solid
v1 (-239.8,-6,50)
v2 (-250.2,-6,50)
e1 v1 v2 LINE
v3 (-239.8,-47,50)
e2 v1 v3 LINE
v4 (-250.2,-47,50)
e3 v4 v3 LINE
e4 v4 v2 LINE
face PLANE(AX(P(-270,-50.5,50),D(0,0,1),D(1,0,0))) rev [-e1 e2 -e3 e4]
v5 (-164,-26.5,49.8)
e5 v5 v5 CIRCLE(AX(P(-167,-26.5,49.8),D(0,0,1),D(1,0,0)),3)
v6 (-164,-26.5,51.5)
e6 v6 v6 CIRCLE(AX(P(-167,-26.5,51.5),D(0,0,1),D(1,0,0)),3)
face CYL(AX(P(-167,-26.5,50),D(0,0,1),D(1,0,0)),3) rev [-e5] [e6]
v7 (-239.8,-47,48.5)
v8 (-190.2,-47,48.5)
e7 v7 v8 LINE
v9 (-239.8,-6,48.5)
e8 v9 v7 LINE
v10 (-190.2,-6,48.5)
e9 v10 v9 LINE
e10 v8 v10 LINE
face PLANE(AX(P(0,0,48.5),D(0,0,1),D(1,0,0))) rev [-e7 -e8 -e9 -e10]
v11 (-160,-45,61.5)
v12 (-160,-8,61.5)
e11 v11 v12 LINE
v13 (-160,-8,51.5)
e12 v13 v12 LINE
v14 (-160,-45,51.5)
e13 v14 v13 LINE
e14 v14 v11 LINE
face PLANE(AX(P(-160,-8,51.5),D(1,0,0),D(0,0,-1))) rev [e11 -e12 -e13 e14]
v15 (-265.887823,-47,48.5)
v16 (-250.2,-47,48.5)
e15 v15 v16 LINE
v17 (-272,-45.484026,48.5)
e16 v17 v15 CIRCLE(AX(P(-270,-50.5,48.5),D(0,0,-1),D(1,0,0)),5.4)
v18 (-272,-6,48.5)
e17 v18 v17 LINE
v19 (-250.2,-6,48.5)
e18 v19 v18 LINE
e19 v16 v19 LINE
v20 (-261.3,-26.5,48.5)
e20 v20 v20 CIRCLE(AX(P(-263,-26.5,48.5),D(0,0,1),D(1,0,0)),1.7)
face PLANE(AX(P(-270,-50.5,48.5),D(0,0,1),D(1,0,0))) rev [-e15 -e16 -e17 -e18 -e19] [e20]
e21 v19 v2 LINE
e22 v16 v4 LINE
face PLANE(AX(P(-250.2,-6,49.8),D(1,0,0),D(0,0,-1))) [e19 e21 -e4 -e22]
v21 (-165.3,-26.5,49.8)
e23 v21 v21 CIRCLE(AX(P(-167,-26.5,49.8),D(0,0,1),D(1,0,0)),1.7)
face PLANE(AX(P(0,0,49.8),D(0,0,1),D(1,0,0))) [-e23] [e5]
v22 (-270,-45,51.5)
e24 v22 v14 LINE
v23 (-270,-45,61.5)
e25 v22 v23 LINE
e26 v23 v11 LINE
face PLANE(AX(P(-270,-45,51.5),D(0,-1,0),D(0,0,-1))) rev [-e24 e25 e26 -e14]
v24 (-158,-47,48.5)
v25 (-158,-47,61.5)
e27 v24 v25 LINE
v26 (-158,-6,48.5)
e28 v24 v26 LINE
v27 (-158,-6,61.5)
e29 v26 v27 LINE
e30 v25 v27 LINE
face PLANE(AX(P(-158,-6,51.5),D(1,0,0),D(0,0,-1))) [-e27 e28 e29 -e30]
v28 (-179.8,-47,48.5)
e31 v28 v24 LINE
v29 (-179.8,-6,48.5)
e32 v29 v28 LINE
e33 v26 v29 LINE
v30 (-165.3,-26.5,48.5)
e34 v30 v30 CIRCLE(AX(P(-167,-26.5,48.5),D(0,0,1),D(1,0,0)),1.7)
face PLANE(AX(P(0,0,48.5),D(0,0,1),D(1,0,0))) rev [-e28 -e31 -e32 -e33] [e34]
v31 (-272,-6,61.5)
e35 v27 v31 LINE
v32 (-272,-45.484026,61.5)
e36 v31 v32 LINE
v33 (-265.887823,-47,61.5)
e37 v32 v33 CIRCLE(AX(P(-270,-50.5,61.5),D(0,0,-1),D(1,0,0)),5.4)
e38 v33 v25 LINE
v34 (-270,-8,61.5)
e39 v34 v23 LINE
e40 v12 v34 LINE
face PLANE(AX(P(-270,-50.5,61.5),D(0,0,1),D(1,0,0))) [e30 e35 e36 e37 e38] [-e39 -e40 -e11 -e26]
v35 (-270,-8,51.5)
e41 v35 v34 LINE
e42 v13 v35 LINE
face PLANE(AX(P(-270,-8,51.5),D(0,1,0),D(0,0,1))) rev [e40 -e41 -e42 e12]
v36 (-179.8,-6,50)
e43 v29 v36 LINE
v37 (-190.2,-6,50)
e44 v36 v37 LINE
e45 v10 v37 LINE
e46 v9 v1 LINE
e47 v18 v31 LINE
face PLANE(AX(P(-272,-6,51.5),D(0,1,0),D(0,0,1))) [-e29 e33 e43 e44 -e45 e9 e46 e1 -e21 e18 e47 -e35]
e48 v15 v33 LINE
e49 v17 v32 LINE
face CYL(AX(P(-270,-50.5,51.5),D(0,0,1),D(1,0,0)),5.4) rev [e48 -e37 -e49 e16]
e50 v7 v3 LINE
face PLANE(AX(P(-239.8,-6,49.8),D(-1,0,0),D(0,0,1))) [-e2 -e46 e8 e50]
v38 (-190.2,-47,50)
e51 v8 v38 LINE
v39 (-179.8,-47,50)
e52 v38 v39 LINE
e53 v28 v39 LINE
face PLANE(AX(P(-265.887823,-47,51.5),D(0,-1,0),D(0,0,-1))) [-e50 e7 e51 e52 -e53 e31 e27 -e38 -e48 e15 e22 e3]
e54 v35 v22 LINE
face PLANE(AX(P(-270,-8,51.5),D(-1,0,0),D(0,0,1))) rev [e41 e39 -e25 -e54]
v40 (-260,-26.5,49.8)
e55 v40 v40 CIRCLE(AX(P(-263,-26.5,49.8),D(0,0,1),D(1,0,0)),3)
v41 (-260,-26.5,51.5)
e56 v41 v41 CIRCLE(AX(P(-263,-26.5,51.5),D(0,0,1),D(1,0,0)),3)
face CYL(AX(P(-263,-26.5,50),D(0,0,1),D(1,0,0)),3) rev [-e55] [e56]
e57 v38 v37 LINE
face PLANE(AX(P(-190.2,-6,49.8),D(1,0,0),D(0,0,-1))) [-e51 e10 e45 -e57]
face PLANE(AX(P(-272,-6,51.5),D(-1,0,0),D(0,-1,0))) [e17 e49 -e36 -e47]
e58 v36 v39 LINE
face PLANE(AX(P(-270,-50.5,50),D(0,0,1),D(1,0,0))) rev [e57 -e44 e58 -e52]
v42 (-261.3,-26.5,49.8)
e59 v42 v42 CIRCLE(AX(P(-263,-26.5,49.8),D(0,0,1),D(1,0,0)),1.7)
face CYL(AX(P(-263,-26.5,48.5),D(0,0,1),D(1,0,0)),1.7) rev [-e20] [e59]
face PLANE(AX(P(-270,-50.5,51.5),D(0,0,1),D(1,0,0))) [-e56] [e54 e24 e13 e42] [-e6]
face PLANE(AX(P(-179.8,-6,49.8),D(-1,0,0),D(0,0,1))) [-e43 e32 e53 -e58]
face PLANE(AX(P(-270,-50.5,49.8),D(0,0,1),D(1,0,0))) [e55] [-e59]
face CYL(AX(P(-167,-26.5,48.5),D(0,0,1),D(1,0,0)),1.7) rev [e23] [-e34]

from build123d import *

# Parameters (mm, degrees)
MAIN_PROFILE_SKETCH_W       = 110
MAIN_PROFILE_SKETCH_H       = 37
MAIN_EXTRUSION_DEPTH        = 10
DETAIL_PROFILE_2_SKETCH_R   = 3
DETAIL_EXTRUSION_2_DEPTH    = 1.5
DETAIL_PROFILE_3_SKETCH_R   = 3
DETAIL_PROFILE_3_SKETCH_W   = 21.8
DETAIL_PROFILE_3_SKETCH_H   = 41
DETAIL_PROFILE_3_SKETCH_W_2 = 49.6
DETAIL_EXTRUSION_3_DEPTH    = 0.2
DETAIL_PROFILE_4_SKETCH_R   = 1.7
DETAIL_PROFILE_4_SKETCH_W   = 49.6
DETAIL_PROFILE_4_SKETCH_H   = 41
DETAIL_PROFILE_4_SKETCH_W_2 = 21.8
DETAIL_EXTRUSION_4_DEPTH    = 1.3


with BuildPart() as part:
    # Main Profile Sketch → Main Extrusion (new body)
    with BuildSketch(Plane.XY.offset(61.5)):
        with BuildLine():
            Line((-272, -6), (-158, -6))
            Line((-158, -6), (-158, -47))
            Line((-158, -47), (-265.887822961, -47))
            ThreePointArc((-265.887822961, -47), (-268.700050917, -45.258804298), (-272, -45.484025518))
            Line((-272, -45.484025518), (-272, -6))
        make_face()
        with Locations((-215, -26.5)):
            Rectangle(MAIN_PROFILE_SKETCH_W, MAIN_PROFILE_SKETCH_H, mode=Mode.SUBTRACT)
    extrude(amount=-MAIN_EXTRUSION_DEPTH)

    # Detail Profile 2 Sketch → Detail Extrusion 2 (add)
    with BuildSketch(Plane.XY.offset(51.5)):
        with BuildLine():
            Line((-272, -6), (-158, -6))
            Line((-158, -6), (-158, -47))
            Line((-158, -47), (-265.887822961, -47))
            ThreePointArc((-265.887822961, -47), (-268.700050917, -45.258804298), (-272, -45.484025518))
            Line((-272, -45.484025518), (-272, -6))
        make_face()
        with Locations((-263, -26.5)):
            Circle(DETAIL_PROFILE_2_SKETCH_R, mode=Mode.SUBTRACT)
        with Locations((-167, -26.5)):
            Circle(DETAIL_PROFILE_2_SKETCH_R, mode=Mode.SUBTRACT)
    extrude(amount=-DETAIL_EXTRUSION_2_DEPTH)

    # Detail Profile 3 Sketch → Detail Extrusion 3 (add)
    # profile 1 of 3: a face of its own
    with BuildSketch(Plane.XY.offset(50)):
        with BuildLine():
            Line((-272, -6), (-250.2, -6))
            Line((-250.2, -6), (-250.2, -47))
            Line((-250.2, -47), (-265.887822961, -47))
            ThreePointArc((-265.887822961, -47), (-268.700050917, -45.258804298), (-272, -45.484025518))
            Line((-272, -45.484025518), (-272, -6))
        make_face()
        with Locations((-263, -26.5)):
            Circle(DETAIL_PROFILE_3_SKETCH_R, mode=Mode.SUBTRACT)
    # profile 2 of 3: a face of its own
    with BuildSketch(Plane.XY.offset(50)):
        with Locations((-168.9, -26.5)):
            Rectangle(DETAIL_PROFILE_3_SKETCH_W, DETAIL_PROFILE_3_SKETCH_H)
        with Locations((-167, -26.5)):
            Circle(DETAIL_PROFILE_3_SKETCH_R, mode=Mode.SUBTRACT)
    # profile 3 of 3: a face of its own
    with BuildSketch(Plane.XY.offset(50)):
        with Locations((-215, -26.5)):
            Rectangle(DETAIL_PROFILE_3_SKETCH_W_2, DETAIL_PROFILE_3_SKETCH_H)
    extrude(amount=-DETAIL_EXTRUSION_3_DEPTH)

    # Detail Profile 4 Sketch → Detail Extrusion 4 (add)
    # profile 1 of 3: a face of its own
    with BuildSketch(Plane.XY.offset(49.8)):
        with BuildLine():
            Line((-272, -6), (-250.2, -6))
            Line((-250.2, -6), (-250.2, -47))
            Line((-250.2, -47), (-265.887822961, -47))
            ThreePointArc((-265.887822961, -47), (-268.700050917, -45.258804298), (-272, -45.484025518))
            Line((-272, -45.484025518), (-272, -6))
        make_face()
        with Locations((-263, -26.5)):
            Circle(DETAIL_PROFILE_4_SKETCH_R, mode=Mode.SUBTRACT)
    # profile 2 of 3: a face of its own
    with BuildSketch(Plane.XY.offset(49.8)):
        with Locations((-215, -26.5)):
            Rectangle(DETAIL_PROFILE_4_SKETCH_W, DETAIL_PROFILE_4_SKETCH_H)
    # profile 3 of 3: a face of its own
    with BuildSketch(Plane.XY.offset(49.8)):
        with Locations((-168.9, -26.5)):
            Rectangle(DETAIL_PROFILE_4_SKETCH_W_2, DETAIL_PROFILE_4_SKETCH_H)
        with Locations((-167, -26.5)):
            Circle(DETAIL_PROFILE_4_SKETCH_R, mode=Mode.SUBTRACT)
    extrude(amount=-DETAIL_EXTRUSION_4_DEPTH)


solid = part.part
